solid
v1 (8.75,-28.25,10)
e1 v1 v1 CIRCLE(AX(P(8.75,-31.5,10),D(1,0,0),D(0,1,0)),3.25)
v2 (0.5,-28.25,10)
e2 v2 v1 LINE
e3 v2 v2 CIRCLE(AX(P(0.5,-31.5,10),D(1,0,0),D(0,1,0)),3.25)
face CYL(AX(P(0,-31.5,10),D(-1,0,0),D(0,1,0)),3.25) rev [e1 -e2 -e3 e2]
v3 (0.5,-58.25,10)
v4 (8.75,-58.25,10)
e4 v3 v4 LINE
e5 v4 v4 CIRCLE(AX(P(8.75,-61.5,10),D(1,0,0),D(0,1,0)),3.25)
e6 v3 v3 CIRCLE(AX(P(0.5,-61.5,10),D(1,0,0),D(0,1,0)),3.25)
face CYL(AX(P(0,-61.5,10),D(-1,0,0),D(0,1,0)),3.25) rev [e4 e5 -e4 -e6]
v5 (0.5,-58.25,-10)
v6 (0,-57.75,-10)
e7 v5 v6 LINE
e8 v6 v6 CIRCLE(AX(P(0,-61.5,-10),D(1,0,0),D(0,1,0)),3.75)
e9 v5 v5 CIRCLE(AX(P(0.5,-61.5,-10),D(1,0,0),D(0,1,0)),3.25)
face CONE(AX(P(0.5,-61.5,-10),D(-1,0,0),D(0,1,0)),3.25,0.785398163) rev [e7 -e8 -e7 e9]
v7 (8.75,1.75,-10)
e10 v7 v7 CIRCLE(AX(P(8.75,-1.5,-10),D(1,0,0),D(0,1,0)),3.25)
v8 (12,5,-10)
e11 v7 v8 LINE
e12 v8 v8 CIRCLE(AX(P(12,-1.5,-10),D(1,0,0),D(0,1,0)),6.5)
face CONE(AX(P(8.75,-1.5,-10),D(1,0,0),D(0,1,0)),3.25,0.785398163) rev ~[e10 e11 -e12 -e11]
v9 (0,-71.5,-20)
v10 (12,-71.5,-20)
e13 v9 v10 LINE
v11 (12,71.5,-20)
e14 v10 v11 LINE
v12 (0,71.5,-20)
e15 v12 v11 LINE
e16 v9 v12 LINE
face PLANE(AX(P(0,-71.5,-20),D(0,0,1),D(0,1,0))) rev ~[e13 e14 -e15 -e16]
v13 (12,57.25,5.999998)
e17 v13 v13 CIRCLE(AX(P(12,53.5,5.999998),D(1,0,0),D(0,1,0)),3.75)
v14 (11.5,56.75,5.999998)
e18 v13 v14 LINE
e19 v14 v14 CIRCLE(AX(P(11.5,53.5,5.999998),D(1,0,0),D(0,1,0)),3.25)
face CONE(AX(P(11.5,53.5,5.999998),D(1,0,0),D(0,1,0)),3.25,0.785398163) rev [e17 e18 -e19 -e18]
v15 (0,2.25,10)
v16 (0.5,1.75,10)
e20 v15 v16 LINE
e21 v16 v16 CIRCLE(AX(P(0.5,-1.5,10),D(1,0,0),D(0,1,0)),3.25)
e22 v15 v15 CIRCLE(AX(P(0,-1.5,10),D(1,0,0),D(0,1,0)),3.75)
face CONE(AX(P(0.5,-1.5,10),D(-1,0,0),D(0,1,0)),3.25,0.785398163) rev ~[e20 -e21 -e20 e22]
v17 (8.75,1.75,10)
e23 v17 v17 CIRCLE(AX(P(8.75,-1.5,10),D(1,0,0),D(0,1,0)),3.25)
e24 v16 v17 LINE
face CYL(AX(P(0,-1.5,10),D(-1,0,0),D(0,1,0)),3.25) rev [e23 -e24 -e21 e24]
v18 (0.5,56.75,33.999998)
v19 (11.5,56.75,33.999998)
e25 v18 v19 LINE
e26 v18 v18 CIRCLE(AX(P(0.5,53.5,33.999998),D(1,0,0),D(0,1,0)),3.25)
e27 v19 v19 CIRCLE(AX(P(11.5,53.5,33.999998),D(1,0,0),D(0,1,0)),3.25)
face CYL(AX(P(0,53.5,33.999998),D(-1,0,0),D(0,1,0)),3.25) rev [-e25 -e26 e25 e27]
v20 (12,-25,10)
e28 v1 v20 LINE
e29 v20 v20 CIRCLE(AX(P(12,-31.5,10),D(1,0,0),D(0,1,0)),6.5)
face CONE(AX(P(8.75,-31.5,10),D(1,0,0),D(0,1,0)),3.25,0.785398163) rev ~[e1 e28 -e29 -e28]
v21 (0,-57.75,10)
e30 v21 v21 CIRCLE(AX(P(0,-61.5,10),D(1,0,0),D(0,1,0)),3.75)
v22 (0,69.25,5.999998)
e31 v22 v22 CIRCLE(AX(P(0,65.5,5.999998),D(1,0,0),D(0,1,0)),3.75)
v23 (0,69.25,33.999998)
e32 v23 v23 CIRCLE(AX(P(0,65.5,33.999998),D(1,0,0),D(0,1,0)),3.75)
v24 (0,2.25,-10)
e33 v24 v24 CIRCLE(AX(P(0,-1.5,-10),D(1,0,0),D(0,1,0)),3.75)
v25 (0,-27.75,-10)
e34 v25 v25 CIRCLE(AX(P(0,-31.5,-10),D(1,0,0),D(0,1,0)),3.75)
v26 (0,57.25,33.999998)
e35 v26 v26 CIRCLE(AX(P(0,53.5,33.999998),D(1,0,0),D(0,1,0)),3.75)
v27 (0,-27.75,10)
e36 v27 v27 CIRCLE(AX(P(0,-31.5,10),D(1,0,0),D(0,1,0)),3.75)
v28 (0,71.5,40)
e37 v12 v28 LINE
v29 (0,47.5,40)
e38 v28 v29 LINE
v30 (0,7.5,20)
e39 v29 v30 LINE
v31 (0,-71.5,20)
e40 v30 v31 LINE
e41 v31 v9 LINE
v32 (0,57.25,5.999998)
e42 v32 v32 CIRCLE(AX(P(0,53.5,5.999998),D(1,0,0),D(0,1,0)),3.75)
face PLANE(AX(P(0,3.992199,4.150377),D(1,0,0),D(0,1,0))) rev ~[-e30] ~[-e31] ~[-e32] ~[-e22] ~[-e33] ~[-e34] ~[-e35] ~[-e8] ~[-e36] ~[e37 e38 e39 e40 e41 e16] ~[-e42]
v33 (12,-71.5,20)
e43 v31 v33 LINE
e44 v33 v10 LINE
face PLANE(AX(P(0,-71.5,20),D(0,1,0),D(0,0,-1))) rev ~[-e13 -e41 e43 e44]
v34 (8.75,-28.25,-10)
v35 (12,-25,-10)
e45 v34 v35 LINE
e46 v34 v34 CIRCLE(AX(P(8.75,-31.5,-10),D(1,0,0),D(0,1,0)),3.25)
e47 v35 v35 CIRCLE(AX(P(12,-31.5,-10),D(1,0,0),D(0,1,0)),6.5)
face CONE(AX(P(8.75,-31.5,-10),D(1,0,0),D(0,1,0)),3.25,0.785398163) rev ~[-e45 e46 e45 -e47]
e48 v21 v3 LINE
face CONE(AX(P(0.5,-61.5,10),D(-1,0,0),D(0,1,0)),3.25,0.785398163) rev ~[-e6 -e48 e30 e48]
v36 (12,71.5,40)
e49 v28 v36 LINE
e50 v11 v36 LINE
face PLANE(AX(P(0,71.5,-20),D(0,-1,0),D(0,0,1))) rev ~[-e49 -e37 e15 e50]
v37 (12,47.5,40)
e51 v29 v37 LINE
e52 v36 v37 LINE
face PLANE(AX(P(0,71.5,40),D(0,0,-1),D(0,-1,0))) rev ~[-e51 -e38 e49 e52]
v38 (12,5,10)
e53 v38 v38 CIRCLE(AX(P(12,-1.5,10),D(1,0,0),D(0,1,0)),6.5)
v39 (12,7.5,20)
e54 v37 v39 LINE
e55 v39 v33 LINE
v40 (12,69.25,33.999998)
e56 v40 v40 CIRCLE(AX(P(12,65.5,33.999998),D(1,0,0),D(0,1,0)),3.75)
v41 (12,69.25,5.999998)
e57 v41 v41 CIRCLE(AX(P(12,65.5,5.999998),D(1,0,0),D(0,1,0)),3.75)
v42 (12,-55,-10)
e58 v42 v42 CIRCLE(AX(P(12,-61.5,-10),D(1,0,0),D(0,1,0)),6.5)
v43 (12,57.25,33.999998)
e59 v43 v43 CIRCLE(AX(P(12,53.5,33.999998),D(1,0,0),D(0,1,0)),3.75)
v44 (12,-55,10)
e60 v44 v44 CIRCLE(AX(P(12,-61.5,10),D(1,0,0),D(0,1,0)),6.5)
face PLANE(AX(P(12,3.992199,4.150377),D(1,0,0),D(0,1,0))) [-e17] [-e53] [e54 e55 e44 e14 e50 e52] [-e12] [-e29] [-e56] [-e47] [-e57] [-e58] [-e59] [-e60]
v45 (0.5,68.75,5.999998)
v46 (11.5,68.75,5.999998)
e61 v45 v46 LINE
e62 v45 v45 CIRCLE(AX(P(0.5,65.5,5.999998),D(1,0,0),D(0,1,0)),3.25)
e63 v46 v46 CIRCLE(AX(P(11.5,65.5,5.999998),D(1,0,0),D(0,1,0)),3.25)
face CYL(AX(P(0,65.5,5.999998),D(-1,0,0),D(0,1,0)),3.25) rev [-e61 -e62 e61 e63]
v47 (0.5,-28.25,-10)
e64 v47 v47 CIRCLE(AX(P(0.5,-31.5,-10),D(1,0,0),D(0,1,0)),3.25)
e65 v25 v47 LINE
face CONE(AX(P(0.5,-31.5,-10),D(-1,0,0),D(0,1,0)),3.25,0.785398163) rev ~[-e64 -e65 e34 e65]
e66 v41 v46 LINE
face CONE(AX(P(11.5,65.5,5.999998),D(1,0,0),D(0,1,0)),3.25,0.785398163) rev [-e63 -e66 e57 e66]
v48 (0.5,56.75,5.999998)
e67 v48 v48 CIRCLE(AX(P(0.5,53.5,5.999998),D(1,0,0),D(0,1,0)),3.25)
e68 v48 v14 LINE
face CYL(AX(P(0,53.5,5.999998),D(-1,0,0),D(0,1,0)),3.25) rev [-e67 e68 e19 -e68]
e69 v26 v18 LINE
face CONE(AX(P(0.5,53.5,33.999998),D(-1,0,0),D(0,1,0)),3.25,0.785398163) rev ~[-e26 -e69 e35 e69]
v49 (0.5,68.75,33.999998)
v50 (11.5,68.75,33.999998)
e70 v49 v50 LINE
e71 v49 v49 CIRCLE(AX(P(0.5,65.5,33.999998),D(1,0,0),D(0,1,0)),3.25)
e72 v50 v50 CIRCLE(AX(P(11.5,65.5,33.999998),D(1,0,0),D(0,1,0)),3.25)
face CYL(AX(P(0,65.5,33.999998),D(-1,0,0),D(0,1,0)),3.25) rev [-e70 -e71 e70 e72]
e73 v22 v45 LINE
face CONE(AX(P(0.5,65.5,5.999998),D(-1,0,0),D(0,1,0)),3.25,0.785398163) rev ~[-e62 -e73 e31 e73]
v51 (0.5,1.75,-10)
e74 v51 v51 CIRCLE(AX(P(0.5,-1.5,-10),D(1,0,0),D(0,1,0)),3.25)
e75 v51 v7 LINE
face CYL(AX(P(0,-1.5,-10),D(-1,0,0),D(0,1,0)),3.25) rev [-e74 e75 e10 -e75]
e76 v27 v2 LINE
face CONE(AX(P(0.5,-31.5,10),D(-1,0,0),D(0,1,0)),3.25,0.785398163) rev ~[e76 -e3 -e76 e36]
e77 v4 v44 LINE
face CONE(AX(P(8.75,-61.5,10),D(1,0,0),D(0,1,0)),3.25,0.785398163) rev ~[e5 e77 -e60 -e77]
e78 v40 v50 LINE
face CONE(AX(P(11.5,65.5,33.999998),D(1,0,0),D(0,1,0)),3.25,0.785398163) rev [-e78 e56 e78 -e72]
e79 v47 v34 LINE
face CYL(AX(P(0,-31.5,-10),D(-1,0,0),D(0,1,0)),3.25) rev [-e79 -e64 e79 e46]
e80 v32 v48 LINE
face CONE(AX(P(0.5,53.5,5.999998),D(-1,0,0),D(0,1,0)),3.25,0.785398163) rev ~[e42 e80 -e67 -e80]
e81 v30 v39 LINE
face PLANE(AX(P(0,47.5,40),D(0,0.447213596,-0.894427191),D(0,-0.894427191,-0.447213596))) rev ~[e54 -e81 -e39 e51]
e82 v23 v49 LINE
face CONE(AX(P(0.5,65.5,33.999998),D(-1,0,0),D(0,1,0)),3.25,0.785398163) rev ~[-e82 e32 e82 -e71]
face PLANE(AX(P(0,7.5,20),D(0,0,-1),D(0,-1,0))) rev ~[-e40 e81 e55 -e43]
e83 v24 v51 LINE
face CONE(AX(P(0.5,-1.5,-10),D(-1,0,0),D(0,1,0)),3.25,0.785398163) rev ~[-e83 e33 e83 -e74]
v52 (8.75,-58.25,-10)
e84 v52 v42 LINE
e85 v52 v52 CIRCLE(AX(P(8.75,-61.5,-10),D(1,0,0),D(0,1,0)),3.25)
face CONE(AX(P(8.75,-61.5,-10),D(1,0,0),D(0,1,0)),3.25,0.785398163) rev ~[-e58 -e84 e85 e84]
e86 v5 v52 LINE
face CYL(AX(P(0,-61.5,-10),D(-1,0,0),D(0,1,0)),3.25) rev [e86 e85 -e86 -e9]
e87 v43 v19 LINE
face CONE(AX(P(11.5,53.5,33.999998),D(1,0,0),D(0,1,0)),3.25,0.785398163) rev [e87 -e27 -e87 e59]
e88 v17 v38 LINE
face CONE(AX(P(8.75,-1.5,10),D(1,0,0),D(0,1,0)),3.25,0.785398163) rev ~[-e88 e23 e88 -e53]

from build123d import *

# Parameters (mm, degrees)
F0_R     = 3.25
F1_DEPTH = 12
F2_SIZE  = 3.25
F3_SIZE  = 0.5


with BuildPart() as f1:
    # F0 (on Right) → F1 (new body)
    with BuildSketch(Plane.YZ):
        Polygon((7.5, 20), (-71.5, 20), (-71.5, -20), (71.5, -20), (71.5, 20), (71.5, 40), (47.5, 40), align=None)
        with Locations((-61.5, -10)):
            Circle(F0_R, mode=Mode.SUBTRACT)
        with Locations((-31.5, -10)):
            Circle(F0_R, mode=Mode.SUBTRACT)
        with Locations((-1.5, -10)):
            Circle(F0_R, mode=Mode.SUBTRACT)
        with Locations((53.5, 5.999998)):
            Circle(F0_R, mode=Mode.SUBTRACT)
        with Locations((65.5, 5.999998)):
            Circle(F0_R, mode=Mode.SUBTRACT)
        with Locations((-61.5, 10)):
            Circle(F0_R, mode=Mode.SUBTRACT)
        with Locations((-31.5, 10)):
            Circle(F0_R, mode=Mode.SUBTRACT)
        with Locations((-1.5, 10)):
            Circle(F0_R, mode=Mode.SUBTRACT)
        with Locations((53.5, 33.999998)):
            Circle(F0_R, mode=Mode.SUBTRACT)
        with Locations((65.5, 33.999998)):
            Circle(F0_R, mode=Mode.SUBTRACT)
    extrude(amount=F1_DEPTH)

    # F2
    f2_edges = [f1.edges().sort_by_distance(p)[0] for p in [
        (12, -64.75, 10),
        (12, -34.75, 10),
        (12, -4.75, 10),
        (12, -4.75, -10),
        (12, -34.75, -10),
        (12, -64.75, -10),
    ]]
    chamfer(f2_edges, length=F2_SIZE)

    # F3
    f3_edges = [f1.edges().sort_by_distance(p)[0] for p in [
        (0, -4.75, -10),
        (0, -4.75, 10),
        (0, -34.75, 10),
        (0, -34.75, -10),
        (0, -64.75, -10),
        (0, -64.75, 10),
        (6, 68.75, 33.999998),
        (0, 62.25, 33.999998),
        (12, 62.25, 33.999998),
        (6, 56.75, 33.999998),
        (0, 50.25, 33.999998),
        (12, 50.25, 33.999998),
        (6, 56.75, 5.999998),
        (0, 50.25, 5.999998),
        (12, 50.25, 5.999998),
        (6, 68.75, 5.999998),
        (0, 62.25, 5.999998),
        (12, 62.25, 5.999998),
    ]]
    chamfer(f3_edges, length=F3_SIZE)


solid = f1.part
